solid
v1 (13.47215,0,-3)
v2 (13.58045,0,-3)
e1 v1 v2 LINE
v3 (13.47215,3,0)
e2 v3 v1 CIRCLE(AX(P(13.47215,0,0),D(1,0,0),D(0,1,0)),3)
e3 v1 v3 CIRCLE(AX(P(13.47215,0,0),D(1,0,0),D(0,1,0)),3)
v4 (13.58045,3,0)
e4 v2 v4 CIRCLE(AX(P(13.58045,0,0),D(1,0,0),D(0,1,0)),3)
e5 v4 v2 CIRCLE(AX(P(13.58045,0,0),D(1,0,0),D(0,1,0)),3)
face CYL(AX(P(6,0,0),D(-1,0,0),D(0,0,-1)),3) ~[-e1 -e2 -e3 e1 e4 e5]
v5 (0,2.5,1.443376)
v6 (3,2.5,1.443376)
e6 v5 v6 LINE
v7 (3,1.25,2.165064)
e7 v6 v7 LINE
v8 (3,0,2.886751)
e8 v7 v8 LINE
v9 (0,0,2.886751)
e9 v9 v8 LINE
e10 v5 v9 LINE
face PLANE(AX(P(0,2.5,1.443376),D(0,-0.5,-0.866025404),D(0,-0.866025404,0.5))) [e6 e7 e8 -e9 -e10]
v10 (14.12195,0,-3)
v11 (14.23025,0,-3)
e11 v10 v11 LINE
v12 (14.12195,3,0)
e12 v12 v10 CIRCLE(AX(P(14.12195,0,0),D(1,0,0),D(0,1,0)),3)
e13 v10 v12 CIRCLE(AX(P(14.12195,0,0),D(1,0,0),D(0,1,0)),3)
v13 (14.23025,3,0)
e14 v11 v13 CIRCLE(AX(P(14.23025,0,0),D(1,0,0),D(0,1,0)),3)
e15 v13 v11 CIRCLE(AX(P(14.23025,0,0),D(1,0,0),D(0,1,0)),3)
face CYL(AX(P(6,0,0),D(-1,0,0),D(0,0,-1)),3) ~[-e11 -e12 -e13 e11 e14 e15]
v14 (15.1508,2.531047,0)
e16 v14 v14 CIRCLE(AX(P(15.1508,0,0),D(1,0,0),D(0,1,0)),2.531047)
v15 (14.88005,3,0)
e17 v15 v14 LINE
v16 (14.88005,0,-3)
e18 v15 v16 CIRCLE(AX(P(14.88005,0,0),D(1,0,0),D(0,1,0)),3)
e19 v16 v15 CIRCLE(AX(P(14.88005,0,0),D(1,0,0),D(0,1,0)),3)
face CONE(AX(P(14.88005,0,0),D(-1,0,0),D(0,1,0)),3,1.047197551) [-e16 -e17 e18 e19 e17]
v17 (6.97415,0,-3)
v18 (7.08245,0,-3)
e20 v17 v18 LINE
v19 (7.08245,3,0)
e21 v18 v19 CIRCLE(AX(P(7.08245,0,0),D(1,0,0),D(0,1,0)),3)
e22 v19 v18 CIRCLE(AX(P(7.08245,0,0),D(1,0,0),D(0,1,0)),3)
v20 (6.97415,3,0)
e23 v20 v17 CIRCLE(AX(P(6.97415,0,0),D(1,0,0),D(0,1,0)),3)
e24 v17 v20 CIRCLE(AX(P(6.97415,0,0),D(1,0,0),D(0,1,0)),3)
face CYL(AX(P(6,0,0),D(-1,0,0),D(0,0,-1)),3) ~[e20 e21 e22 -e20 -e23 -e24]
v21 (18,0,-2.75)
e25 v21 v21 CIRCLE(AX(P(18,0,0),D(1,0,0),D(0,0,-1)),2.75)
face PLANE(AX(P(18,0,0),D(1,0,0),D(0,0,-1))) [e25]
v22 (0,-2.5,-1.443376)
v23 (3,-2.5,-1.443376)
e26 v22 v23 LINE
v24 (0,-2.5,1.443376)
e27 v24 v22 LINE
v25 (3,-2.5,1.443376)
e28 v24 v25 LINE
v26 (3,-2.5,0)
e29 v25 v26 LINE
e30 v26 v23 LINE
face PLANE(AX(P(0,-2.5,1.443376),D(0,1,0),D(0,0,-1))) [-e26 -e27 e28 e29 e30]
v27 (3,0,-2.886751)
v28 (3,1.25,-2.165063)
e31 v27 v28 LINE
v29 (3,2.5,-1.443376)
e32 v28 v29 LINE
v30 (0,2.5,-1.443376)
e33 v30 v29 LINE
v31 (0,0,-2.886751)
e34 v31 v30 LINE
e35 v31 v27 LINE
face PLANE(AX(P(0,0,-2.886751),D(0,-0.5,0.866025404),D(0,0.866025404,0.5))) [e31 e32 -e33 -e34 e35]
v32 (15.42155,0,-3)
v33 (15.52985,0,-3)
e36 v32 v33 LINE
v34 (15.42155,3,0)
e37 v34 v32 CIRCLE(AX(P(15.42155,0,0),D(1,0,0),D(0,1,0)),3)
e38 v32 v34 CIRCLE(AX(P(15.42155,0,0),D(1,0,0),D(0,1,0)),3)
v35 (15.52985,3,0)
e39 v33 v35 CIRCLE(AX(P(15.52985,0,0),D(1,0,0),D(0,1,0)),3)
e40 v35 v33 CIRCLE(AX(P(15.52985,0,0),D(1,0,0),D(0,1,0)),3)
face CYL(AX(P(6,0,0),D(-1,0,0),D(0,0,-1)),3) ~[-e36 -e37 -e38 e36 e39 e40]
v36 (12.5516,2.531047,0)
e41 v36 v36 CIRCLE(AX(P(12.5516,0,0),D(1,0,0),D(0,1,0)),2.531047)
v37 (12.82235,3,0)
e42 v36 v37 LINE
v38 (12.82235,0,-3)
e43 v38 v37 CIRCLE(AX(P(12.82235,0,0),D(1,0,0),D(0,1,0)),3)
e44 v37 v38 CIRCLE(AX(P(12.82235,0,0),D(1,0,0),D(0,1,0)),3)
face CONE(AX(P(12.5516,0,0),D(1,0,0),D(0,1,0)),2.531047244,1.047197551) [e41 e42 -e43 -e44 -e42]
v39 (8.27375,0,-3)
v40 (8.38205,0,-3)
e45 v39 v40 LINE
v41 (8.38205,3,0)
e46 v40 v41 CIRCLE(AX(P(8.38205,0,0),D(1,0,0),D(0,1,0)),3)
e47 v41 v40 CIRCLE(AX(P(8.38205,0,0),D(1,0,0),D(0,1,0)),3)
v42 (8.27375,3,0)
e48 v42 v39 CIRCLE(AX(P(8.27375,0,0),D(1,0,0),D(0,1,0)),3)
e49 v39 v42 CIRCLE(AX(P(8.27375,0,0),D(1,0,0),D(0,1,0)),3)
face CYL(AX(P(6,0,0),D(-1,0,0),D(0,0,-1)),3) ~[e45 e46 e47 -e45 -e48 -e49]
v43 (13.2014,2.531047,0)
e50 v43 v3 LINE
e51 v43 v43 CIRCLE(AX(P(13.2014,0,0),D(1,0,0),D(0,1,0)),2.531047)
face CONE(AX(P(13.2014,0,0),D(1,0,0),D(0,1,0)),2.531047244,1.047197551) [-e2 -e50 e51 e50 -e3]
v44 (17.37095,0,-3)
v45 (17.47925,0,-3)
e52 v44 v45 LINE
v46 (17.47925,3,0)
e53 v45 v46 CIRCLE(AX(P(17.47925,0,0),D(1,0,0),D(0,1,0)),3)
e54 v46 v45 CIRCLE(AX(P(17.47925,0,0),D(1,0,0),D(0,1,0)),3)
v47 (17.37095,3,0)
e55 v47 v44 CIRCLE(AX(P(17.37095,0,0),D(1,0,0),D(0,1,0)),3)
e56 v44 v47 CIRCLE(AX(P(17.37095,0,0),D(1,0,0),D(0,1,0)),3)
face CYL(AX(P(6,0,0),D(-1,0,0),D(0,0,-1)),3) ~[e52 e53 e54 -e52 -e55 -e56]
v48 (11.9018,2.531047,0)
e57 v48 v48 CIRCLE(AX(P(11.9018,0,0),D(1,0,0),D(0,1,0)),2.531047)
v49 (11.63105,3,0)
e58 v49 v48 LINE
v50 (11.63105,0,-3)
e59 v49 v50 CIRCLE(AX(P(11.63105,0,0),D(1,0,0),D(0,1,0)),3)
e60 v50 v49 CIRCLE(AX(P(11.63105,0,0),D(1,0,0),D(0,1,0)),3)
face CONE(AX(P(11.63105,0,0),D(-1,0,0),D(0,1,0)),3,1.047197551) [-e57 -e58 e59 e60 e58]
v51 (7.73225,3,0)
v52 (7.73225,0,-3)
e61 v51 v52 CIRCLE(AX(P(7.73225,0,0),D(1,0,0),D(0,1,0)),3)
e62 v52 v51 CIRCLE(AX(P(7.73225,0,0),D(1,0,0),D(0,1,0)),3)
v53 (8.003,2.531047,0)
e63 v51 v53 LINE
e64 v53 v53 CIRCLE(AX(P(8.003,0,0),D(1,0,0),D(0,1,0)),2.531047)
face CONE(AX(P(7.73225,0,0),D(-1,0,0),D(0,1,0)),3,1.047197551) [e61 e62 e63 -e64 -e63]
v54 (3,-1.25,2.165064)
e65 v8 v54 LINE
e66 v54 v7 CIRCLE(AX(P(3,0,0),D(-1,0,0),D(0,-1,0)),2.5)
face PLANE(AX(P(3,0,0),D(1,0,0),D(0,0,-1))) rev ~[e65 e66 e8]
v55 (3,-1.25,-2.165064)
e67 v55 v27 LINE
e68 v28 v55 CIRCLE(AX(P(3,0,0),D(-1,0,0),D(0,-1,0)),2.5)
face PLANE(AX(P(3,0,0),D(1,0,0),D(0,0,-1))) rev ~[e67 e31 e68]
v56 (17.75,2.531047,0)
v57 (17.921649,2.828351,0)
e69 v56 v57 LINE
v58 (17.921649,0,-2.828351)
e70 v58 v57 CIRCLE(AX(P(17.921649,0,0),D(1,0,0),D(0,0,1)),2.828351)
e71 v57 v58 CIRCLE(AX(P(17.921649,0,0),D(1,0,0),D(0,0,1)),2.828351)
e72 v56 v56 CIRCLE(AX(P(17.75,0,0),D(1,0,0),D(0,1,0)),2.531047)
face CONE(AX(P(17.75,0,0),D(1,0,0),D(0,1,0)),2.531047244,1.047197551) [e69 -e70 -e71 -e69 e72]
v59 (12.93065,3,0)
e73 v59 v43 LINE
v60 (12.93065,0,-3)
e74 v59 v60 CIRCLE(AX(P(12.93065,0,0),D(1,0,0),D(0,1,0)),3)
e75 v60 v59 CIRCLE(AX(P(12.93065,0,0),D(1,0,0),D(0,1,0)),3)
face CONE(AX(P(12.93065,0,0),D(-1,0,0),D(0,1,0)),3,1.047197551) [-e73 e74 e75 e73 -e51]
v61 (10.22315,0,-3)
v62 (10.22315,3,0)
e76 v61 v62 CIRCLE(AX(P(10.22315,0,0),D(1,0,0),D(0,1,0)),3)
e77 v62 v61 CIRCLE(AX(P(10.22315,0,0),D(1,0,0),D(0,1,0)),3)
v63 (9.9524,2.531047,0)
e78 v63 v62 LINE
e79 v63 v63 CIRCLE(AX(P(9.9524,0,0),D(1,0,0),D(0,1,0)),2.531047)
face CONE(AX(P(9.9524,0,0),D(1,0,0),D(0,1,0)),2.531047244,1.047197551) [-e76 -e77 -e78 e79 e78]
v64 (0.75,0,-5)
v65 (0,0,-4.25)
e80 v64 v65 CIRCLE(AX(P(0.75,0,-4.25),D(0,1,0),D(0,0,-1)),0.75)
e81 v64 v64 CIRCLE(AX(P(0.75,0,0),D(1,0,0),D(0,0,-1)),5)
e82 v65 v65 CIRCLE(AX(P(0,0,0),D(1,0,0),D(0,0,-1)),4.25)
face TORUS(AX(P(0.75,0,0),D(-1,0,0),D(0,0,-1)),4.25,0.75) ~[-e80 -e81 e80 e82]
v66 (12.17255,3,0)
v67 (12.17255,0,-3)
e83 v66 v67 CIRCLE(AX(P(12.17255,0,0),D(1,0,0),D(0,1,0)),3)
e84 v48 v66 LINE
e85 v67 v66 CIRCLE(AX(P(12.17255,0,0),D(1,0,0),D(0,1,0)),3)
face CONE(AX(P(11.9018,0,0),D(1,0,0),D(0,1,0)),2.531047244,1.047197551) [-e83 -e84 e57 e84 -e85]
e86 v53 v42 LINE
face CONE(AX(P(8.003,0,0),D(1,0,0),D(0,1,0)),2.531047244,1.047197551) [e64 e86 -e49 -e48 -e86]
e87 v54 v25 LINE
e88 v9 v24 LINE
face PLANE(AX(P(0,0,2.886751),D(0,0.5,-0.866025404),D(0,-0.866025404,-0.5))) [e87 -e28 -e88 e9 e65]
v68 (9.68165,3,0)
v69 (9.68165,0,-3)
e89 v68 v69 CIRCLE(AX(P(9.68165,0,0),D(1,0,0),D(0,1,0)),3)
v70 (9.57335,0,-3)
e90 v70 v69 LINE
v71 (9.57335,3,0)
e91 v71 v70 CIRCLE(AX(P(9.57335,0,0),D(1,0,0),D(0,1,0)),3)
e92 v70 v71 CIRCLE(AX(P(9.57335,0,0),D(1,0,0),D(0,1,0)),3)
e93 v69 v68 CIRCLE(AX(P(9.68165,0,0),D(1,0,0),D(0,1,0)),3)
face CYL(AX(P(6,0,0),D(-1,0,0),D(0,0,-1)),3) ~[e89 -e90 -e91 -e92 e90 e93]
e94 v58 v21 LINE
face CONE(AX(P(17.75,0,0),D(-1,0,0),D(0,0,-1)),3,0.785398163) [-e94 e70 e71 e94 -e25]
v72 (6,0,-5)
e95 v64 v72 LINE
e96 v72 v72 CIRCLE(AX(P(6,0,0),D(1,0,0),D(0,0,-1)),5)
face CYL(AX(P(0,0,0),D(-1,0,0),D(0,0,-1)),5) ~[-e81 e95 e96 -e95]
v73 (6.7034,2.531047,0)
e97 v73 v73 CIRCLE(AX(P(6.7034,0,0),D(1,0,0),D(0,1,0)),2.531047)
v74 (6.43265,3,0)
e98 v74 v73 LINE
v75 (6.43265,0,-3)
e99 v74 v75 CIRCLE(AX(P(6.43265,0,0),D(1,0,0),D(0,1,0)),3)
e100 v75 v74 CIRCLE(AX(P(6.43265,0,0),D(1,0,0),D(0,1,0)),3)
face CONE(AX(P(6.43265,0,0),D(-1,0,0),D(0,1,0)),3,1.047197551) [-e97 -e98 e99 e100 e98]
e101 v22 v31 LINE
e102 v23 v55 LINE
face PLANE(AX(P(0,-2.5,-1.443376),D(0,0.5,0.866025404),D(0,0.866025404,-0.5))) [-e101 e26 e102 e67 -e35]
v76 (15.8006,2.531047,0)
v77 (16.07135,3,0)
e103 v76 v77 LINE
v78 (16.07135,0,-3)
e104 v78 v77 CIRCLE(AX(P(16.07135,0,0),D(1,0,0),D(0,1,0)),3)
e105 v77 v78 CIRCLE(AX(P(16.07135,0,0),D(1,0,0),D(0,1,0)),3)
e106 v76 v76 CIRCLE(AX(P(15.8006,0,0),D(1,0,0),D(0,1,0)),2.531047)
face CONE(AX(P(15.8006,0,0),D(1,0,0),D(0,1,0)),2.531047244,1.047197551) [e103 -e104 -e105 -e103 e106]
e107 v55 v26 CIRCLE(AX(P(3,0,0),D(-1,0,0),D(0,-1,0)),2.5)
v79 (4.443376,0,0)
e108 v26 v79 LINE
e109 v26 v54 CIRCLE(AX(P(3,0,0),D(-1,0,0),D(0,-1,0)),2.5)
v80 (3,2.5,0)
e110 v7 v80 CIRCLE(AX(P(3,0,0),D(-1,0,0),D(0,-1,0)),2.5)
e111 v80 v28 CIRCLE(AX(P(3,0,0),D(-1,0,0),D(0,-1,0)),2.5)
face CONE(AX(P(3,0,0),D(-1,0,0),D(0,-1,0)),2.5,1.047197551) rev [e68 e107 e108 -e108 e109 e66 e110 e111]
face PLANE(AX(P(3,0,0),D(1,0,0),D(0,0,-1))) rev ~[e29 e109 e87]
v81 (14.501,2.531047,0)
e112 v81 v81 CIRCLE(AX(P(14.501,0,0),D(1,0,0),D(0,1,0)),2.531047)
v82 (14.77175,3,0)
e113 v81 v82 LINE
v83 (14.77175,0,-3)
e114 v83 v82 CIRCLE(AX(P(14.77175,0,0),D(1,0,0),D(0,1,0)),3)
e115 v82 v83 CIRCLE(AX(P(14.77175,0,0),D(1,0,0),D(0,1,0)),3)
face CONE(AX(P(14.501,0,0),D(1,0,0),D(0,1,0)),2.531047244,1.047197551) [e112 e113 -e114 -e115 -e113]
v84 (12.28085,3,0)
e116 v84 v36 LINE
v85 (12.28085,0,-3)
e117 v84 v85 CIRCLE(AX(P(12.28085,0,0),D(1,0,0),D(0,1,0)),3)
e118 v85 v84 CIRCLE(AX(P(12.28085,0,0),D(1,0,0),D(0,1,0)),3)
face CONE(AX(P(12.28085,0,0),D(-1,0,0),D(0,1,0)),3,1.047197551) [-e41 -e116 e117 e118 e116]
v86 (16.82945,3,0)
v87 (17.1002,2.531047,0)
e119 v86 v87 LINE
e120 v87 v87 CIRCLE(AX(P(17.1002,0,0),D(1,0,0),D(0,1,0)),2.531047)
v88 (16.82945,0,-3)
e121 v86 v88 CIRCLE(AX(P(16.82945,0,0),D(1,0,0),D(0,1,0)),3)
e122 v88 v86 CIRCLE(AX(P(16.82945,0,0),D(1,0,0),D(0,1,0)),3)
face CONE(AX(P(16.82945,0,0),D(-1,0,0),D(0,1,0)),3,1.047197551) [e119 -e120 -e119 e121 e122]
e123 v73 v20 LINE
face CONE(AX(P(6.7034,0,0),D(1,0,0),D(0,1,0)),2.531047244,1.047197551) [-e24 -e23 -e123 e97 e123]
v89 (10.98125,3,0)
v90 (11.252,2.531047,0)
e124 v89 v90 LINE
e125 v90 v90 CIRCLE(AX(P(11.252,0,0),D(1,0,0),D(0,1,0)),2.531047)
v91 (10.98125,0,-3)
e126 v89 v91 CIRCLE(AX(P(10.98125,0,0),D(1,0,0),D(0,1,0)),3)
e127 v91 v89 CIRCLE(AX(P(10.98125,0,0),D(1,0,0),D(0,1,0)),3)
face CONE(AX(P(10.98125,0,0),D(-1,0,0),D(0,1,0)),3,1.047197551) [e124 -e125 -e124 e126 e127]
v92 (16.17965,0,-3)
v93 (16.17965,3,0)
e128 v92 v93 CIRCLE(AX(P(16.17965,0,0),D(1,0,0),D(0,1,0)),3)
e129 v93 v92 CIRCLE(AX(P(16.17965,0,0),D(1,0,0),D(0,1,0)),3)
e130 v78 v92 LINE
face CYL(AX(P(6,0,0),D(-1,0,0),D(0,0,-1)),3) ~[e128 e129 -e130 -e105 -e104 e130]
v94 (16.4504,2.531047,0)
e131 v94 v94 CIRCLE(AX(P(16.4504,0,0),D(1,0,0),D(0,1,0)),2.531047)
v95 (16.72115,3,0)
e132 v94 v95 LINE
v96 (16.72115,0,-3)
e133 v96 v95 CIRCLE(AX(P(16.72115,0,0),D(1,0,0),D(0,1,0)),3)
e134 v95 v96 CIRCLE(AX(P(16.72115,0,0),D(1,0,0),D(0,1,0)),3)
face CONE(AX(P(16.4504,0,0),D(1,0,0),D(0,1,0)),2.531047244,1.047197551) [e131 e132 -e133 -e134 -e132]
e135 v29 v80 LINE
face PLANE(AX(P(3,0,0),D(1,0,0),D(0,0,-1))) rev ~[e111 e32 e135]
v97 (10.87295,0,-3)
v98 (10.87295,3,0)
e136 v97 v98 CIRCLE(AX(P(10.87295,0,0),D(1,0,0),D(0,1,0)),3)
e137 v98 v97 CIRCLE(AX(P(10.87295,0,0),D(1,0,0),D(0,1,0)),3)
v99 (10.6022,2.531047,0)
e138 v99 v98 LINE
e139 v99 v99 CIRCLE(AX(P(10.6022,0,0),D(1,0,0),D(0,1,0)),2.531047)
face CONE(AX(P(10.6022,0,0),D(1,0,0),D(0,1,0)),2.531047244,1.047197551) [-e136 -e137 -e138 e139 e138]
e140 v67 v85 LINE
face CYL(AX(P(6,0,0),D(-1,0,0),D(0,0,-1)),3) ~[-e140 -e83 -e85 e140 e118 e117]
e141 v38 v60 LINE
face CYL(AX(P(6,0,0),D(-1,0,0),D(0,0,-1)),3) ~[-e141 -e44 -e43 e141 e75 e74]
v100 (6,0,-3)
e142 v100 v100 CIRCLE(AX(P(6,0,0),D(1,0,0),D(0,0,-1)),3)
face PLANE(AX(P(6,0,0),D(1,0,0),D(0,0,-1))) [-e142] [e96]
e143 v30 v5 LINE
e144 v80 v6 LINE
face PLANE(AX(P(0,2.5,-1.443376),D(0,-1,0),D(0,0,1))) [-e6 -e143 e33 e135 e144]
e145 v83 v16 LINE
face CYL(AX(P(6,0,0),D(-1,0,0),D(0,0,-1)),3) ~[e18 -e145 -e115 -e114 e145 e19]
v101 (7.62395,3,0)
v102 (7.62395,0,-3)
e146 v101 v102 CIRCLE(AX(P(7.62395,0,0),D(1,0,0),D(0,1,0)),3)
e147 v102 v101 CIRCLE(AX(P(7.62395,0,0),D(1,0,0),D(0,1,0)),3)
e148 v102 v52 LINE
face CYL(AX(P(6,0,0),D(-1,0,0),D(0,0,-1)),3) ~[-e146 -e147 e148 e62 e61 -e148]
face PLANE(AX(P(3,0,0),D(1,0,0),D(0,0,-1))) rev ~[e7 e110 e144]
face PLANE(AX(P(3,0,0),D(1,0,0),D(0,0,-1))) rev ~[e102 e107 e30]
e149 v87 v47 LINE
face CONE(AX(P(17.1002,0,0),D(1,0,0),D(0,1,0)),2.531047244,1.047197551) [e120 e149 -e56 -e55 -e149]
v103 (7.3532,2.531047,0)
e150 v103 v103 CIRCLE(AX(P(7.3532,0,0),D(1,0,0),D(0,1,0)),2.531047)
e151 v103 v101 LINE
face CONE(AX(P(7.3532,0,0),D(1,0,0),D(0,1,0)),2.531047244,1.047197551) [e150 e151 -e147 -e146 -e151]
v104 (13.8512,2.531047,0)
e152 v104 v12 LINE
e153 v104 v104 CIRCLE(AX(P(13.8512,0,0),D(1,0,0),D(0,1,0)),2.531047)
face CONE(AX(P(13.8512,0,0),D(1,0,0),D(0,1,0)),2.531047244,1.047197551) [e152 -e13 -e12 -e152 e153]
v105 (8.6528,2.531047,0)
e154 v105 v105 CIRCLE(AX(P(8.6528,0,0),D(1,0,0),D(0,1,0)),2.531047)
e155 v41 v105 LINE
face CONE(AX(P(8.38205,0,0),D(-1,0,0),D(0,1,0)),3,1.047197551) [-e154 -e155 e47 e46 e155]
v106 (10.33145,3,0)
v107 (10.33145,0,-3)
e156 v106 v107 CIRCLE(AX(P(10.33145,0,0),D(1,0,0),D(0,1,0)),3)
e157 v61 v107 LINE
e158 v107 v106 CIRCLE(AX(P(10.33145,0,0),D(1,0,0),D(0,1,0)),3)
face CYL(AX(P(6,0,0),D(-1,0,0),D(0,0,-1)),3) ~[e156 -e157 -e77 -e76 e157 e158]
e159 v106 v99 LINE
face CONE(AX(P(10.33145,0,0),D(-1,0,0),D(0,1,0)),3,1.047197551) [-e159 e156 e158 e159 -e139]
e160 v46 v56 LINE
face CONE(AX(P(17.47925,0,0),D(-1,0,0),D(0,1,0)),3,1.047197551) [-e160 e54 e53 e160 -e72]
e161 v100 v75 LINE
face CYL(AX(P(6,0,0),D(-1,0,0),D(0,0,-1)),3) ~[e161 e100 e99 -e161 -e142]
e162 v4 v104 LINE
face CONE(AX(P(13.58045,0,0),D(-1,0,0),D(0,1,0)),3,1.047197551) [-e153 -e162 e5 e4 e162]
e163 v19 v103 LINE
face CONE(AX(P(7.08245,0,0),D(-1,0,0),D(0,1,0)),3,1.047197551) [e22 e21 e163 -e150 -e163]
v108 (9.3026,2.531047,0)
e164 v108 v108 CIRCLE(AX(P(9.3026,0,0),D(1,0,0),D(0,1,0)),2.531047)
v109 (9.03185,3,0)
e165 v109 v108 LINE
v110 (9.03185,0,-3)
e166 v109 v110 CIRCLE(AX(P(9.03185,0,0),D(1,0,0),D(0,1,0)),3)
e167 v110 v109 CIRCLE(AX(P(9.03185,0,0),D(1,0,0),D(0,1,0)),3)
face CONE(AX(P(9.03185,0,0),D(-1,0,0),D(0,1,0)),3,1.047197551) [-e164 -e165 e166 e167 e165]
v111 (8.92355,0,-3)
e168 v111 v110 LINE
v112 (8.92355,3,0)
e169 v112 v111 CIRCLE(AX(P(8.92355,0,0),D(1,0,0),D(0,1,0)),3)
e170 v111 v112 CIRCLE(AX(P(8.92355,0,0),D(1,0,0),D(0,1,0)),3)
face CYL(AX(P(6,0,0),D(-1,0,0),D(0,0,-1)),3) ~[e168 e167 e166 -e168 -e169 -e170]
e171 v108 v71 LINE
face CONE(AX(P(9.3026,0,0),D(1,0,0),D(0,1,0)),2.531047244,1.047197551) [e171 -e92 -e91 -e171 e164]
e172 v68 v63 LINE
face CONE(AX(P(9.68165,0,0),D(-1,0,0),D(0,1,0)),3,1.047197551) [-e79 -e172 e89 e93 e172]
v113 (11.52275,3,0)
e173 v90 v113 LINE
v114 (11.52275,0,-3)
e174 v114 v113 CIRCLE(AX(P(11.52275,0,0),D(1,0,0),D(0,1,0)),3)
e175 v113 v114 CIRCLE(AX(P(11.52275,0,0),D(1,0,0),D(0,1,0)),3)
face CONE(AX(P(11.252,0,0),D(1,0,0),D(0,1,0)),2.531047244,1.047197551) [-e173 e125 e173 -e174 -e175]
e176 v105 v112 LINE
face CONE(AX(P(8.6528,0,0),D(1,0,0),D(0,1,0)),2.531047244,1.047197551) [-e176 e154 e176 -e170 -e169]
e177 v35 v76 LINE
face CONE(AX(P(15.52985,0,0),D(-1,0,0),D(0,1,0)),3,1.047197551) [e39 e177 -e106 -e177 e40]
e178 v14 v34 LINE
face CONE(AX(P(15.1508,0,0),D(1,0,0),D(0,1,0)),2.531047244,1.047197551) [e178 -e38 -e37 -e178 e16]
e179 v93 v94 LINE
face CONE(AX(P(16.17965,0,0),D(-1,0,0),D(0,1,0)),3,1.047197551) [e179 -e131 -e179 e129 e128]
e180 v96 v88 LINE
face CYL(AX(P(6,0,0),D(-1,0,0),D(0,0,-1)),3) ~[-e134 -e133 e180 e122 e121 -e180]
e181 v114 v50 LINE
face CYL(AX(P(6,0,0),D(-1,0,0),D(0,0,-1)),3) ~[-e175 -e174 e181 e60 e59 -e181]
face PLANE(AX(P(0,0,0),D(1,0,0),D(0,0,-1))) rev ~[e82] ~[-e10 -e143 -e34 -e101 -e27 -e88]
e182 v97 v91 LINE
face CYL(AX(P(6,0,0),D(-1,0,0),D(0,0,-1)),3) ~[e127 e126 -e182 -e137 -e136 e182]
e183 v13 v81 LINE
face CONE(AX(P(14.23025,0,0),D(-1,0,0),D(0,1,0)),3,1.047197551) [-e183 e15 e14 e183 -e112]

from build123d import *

# Parameters (mm, degrees)
SKETCH1_R           = 5
BASEHEAD_DEPTH      = 6
SKETCH2_R           = 3
BASEBODY_DEPTH      = 12
HEXAGONSOCKET_DEPTH = 3
TOPFILLET_R         = 0.75
CHAMFER1_SIZE       = 0.25
LPATTERN10_COUNT    = 18
LPATTERN10_PITCH    = 0.6498


with BuildPart() as part:
    # Sketch1 → BaseHead (new body)
    with BuildSketch(Plane(origin=(0, 0, 0), x_dir=(0, 0, -1), z_dir=(1, 0, 0))):
        Circle(SKETCH1_R)
    extrude(amount=BASEHEAD_DEPTH)

    # Sketch2 → BaseBody (add)
    with BuildSketch(Plane(origin=(6, 0, 0), x_dir=(0, 0, -1), z_dir=(1, 0, 0))):
        Circle(SKETCH2_R)
    extrude(amount=BASEBODY_DEPTH)

    # Sketch3 → HexagonSocket (cut)
    with BuildSketch(Plane(origin=(0, 0, 0), x_dir=(0, 0, -1), z_dir=(1, 0, 0))):
        Polygon((2.886751346, 0), (1.443375673, 2.5), (-1.443375673, 2.5), (-2.886751346, 0), (-1.443375673, -2.5), (1.443375673, -2.5), align=None)
    extrude(amount=HEXAGONSOCKET_DEPTH, mode=Mode.SUBTRACT)

    # Sketch4 → Cut-Revolve1 (revolve, cut)
    with BuildSketch(Plane(origin=(-4.19613823, 0.75, 0), x_dir=(-1, 0, 0), z_dir=(0, 0, 1))):
        Polygon((-7.19613823, 3.25), (-8.639513903, 0.75), (-7.19613823, 0.75), align=None)
    revolve(axis=Axis((0.838992387, 0, 0), (-1, 0, 0)), mode=Mode.SUBTRACT)

    # TopFillet
    topfillet_edges = [part.edges().sort_by_distance(p)[0] for p in [
        (0, 0, 5),
    ]]
    fillet(topfillet_edges, radius=TOPFILLET_R)

    # Chamfer1
    chamfer1_edges = [part.edges().sort_by_distance(p)[0] for p in [
        (18, 0, 3),
    ]]
    chamfer(chamfer1_edges, length=CHAMFER1_SIZE)

    # Sketch5 → Cut-Revolve10 (revolve, cut)
    with BuildSketch(Plane.XY):
        Polygon((17.75, 2.531047244), (18.02075, 3), (18.02075, 3.5415), (17.47925, 3.5415), (17.47925, 3), align=None)
    cut_revolve10 = revolve(axis=Axis((0, 0, 0), (1, 0, 0)), mode=Mode.SUBTRACT)

    # LPattern10: Cut-Revolve10 ×18
    with Locations(*[(-i * LPATTERN10_PITCH, 0, 0) for i in range(1, LPATTERN10_COUNT)]):
        add(cut_revolve10, mode=Mode.SUBTRACT)


solid = part.part
